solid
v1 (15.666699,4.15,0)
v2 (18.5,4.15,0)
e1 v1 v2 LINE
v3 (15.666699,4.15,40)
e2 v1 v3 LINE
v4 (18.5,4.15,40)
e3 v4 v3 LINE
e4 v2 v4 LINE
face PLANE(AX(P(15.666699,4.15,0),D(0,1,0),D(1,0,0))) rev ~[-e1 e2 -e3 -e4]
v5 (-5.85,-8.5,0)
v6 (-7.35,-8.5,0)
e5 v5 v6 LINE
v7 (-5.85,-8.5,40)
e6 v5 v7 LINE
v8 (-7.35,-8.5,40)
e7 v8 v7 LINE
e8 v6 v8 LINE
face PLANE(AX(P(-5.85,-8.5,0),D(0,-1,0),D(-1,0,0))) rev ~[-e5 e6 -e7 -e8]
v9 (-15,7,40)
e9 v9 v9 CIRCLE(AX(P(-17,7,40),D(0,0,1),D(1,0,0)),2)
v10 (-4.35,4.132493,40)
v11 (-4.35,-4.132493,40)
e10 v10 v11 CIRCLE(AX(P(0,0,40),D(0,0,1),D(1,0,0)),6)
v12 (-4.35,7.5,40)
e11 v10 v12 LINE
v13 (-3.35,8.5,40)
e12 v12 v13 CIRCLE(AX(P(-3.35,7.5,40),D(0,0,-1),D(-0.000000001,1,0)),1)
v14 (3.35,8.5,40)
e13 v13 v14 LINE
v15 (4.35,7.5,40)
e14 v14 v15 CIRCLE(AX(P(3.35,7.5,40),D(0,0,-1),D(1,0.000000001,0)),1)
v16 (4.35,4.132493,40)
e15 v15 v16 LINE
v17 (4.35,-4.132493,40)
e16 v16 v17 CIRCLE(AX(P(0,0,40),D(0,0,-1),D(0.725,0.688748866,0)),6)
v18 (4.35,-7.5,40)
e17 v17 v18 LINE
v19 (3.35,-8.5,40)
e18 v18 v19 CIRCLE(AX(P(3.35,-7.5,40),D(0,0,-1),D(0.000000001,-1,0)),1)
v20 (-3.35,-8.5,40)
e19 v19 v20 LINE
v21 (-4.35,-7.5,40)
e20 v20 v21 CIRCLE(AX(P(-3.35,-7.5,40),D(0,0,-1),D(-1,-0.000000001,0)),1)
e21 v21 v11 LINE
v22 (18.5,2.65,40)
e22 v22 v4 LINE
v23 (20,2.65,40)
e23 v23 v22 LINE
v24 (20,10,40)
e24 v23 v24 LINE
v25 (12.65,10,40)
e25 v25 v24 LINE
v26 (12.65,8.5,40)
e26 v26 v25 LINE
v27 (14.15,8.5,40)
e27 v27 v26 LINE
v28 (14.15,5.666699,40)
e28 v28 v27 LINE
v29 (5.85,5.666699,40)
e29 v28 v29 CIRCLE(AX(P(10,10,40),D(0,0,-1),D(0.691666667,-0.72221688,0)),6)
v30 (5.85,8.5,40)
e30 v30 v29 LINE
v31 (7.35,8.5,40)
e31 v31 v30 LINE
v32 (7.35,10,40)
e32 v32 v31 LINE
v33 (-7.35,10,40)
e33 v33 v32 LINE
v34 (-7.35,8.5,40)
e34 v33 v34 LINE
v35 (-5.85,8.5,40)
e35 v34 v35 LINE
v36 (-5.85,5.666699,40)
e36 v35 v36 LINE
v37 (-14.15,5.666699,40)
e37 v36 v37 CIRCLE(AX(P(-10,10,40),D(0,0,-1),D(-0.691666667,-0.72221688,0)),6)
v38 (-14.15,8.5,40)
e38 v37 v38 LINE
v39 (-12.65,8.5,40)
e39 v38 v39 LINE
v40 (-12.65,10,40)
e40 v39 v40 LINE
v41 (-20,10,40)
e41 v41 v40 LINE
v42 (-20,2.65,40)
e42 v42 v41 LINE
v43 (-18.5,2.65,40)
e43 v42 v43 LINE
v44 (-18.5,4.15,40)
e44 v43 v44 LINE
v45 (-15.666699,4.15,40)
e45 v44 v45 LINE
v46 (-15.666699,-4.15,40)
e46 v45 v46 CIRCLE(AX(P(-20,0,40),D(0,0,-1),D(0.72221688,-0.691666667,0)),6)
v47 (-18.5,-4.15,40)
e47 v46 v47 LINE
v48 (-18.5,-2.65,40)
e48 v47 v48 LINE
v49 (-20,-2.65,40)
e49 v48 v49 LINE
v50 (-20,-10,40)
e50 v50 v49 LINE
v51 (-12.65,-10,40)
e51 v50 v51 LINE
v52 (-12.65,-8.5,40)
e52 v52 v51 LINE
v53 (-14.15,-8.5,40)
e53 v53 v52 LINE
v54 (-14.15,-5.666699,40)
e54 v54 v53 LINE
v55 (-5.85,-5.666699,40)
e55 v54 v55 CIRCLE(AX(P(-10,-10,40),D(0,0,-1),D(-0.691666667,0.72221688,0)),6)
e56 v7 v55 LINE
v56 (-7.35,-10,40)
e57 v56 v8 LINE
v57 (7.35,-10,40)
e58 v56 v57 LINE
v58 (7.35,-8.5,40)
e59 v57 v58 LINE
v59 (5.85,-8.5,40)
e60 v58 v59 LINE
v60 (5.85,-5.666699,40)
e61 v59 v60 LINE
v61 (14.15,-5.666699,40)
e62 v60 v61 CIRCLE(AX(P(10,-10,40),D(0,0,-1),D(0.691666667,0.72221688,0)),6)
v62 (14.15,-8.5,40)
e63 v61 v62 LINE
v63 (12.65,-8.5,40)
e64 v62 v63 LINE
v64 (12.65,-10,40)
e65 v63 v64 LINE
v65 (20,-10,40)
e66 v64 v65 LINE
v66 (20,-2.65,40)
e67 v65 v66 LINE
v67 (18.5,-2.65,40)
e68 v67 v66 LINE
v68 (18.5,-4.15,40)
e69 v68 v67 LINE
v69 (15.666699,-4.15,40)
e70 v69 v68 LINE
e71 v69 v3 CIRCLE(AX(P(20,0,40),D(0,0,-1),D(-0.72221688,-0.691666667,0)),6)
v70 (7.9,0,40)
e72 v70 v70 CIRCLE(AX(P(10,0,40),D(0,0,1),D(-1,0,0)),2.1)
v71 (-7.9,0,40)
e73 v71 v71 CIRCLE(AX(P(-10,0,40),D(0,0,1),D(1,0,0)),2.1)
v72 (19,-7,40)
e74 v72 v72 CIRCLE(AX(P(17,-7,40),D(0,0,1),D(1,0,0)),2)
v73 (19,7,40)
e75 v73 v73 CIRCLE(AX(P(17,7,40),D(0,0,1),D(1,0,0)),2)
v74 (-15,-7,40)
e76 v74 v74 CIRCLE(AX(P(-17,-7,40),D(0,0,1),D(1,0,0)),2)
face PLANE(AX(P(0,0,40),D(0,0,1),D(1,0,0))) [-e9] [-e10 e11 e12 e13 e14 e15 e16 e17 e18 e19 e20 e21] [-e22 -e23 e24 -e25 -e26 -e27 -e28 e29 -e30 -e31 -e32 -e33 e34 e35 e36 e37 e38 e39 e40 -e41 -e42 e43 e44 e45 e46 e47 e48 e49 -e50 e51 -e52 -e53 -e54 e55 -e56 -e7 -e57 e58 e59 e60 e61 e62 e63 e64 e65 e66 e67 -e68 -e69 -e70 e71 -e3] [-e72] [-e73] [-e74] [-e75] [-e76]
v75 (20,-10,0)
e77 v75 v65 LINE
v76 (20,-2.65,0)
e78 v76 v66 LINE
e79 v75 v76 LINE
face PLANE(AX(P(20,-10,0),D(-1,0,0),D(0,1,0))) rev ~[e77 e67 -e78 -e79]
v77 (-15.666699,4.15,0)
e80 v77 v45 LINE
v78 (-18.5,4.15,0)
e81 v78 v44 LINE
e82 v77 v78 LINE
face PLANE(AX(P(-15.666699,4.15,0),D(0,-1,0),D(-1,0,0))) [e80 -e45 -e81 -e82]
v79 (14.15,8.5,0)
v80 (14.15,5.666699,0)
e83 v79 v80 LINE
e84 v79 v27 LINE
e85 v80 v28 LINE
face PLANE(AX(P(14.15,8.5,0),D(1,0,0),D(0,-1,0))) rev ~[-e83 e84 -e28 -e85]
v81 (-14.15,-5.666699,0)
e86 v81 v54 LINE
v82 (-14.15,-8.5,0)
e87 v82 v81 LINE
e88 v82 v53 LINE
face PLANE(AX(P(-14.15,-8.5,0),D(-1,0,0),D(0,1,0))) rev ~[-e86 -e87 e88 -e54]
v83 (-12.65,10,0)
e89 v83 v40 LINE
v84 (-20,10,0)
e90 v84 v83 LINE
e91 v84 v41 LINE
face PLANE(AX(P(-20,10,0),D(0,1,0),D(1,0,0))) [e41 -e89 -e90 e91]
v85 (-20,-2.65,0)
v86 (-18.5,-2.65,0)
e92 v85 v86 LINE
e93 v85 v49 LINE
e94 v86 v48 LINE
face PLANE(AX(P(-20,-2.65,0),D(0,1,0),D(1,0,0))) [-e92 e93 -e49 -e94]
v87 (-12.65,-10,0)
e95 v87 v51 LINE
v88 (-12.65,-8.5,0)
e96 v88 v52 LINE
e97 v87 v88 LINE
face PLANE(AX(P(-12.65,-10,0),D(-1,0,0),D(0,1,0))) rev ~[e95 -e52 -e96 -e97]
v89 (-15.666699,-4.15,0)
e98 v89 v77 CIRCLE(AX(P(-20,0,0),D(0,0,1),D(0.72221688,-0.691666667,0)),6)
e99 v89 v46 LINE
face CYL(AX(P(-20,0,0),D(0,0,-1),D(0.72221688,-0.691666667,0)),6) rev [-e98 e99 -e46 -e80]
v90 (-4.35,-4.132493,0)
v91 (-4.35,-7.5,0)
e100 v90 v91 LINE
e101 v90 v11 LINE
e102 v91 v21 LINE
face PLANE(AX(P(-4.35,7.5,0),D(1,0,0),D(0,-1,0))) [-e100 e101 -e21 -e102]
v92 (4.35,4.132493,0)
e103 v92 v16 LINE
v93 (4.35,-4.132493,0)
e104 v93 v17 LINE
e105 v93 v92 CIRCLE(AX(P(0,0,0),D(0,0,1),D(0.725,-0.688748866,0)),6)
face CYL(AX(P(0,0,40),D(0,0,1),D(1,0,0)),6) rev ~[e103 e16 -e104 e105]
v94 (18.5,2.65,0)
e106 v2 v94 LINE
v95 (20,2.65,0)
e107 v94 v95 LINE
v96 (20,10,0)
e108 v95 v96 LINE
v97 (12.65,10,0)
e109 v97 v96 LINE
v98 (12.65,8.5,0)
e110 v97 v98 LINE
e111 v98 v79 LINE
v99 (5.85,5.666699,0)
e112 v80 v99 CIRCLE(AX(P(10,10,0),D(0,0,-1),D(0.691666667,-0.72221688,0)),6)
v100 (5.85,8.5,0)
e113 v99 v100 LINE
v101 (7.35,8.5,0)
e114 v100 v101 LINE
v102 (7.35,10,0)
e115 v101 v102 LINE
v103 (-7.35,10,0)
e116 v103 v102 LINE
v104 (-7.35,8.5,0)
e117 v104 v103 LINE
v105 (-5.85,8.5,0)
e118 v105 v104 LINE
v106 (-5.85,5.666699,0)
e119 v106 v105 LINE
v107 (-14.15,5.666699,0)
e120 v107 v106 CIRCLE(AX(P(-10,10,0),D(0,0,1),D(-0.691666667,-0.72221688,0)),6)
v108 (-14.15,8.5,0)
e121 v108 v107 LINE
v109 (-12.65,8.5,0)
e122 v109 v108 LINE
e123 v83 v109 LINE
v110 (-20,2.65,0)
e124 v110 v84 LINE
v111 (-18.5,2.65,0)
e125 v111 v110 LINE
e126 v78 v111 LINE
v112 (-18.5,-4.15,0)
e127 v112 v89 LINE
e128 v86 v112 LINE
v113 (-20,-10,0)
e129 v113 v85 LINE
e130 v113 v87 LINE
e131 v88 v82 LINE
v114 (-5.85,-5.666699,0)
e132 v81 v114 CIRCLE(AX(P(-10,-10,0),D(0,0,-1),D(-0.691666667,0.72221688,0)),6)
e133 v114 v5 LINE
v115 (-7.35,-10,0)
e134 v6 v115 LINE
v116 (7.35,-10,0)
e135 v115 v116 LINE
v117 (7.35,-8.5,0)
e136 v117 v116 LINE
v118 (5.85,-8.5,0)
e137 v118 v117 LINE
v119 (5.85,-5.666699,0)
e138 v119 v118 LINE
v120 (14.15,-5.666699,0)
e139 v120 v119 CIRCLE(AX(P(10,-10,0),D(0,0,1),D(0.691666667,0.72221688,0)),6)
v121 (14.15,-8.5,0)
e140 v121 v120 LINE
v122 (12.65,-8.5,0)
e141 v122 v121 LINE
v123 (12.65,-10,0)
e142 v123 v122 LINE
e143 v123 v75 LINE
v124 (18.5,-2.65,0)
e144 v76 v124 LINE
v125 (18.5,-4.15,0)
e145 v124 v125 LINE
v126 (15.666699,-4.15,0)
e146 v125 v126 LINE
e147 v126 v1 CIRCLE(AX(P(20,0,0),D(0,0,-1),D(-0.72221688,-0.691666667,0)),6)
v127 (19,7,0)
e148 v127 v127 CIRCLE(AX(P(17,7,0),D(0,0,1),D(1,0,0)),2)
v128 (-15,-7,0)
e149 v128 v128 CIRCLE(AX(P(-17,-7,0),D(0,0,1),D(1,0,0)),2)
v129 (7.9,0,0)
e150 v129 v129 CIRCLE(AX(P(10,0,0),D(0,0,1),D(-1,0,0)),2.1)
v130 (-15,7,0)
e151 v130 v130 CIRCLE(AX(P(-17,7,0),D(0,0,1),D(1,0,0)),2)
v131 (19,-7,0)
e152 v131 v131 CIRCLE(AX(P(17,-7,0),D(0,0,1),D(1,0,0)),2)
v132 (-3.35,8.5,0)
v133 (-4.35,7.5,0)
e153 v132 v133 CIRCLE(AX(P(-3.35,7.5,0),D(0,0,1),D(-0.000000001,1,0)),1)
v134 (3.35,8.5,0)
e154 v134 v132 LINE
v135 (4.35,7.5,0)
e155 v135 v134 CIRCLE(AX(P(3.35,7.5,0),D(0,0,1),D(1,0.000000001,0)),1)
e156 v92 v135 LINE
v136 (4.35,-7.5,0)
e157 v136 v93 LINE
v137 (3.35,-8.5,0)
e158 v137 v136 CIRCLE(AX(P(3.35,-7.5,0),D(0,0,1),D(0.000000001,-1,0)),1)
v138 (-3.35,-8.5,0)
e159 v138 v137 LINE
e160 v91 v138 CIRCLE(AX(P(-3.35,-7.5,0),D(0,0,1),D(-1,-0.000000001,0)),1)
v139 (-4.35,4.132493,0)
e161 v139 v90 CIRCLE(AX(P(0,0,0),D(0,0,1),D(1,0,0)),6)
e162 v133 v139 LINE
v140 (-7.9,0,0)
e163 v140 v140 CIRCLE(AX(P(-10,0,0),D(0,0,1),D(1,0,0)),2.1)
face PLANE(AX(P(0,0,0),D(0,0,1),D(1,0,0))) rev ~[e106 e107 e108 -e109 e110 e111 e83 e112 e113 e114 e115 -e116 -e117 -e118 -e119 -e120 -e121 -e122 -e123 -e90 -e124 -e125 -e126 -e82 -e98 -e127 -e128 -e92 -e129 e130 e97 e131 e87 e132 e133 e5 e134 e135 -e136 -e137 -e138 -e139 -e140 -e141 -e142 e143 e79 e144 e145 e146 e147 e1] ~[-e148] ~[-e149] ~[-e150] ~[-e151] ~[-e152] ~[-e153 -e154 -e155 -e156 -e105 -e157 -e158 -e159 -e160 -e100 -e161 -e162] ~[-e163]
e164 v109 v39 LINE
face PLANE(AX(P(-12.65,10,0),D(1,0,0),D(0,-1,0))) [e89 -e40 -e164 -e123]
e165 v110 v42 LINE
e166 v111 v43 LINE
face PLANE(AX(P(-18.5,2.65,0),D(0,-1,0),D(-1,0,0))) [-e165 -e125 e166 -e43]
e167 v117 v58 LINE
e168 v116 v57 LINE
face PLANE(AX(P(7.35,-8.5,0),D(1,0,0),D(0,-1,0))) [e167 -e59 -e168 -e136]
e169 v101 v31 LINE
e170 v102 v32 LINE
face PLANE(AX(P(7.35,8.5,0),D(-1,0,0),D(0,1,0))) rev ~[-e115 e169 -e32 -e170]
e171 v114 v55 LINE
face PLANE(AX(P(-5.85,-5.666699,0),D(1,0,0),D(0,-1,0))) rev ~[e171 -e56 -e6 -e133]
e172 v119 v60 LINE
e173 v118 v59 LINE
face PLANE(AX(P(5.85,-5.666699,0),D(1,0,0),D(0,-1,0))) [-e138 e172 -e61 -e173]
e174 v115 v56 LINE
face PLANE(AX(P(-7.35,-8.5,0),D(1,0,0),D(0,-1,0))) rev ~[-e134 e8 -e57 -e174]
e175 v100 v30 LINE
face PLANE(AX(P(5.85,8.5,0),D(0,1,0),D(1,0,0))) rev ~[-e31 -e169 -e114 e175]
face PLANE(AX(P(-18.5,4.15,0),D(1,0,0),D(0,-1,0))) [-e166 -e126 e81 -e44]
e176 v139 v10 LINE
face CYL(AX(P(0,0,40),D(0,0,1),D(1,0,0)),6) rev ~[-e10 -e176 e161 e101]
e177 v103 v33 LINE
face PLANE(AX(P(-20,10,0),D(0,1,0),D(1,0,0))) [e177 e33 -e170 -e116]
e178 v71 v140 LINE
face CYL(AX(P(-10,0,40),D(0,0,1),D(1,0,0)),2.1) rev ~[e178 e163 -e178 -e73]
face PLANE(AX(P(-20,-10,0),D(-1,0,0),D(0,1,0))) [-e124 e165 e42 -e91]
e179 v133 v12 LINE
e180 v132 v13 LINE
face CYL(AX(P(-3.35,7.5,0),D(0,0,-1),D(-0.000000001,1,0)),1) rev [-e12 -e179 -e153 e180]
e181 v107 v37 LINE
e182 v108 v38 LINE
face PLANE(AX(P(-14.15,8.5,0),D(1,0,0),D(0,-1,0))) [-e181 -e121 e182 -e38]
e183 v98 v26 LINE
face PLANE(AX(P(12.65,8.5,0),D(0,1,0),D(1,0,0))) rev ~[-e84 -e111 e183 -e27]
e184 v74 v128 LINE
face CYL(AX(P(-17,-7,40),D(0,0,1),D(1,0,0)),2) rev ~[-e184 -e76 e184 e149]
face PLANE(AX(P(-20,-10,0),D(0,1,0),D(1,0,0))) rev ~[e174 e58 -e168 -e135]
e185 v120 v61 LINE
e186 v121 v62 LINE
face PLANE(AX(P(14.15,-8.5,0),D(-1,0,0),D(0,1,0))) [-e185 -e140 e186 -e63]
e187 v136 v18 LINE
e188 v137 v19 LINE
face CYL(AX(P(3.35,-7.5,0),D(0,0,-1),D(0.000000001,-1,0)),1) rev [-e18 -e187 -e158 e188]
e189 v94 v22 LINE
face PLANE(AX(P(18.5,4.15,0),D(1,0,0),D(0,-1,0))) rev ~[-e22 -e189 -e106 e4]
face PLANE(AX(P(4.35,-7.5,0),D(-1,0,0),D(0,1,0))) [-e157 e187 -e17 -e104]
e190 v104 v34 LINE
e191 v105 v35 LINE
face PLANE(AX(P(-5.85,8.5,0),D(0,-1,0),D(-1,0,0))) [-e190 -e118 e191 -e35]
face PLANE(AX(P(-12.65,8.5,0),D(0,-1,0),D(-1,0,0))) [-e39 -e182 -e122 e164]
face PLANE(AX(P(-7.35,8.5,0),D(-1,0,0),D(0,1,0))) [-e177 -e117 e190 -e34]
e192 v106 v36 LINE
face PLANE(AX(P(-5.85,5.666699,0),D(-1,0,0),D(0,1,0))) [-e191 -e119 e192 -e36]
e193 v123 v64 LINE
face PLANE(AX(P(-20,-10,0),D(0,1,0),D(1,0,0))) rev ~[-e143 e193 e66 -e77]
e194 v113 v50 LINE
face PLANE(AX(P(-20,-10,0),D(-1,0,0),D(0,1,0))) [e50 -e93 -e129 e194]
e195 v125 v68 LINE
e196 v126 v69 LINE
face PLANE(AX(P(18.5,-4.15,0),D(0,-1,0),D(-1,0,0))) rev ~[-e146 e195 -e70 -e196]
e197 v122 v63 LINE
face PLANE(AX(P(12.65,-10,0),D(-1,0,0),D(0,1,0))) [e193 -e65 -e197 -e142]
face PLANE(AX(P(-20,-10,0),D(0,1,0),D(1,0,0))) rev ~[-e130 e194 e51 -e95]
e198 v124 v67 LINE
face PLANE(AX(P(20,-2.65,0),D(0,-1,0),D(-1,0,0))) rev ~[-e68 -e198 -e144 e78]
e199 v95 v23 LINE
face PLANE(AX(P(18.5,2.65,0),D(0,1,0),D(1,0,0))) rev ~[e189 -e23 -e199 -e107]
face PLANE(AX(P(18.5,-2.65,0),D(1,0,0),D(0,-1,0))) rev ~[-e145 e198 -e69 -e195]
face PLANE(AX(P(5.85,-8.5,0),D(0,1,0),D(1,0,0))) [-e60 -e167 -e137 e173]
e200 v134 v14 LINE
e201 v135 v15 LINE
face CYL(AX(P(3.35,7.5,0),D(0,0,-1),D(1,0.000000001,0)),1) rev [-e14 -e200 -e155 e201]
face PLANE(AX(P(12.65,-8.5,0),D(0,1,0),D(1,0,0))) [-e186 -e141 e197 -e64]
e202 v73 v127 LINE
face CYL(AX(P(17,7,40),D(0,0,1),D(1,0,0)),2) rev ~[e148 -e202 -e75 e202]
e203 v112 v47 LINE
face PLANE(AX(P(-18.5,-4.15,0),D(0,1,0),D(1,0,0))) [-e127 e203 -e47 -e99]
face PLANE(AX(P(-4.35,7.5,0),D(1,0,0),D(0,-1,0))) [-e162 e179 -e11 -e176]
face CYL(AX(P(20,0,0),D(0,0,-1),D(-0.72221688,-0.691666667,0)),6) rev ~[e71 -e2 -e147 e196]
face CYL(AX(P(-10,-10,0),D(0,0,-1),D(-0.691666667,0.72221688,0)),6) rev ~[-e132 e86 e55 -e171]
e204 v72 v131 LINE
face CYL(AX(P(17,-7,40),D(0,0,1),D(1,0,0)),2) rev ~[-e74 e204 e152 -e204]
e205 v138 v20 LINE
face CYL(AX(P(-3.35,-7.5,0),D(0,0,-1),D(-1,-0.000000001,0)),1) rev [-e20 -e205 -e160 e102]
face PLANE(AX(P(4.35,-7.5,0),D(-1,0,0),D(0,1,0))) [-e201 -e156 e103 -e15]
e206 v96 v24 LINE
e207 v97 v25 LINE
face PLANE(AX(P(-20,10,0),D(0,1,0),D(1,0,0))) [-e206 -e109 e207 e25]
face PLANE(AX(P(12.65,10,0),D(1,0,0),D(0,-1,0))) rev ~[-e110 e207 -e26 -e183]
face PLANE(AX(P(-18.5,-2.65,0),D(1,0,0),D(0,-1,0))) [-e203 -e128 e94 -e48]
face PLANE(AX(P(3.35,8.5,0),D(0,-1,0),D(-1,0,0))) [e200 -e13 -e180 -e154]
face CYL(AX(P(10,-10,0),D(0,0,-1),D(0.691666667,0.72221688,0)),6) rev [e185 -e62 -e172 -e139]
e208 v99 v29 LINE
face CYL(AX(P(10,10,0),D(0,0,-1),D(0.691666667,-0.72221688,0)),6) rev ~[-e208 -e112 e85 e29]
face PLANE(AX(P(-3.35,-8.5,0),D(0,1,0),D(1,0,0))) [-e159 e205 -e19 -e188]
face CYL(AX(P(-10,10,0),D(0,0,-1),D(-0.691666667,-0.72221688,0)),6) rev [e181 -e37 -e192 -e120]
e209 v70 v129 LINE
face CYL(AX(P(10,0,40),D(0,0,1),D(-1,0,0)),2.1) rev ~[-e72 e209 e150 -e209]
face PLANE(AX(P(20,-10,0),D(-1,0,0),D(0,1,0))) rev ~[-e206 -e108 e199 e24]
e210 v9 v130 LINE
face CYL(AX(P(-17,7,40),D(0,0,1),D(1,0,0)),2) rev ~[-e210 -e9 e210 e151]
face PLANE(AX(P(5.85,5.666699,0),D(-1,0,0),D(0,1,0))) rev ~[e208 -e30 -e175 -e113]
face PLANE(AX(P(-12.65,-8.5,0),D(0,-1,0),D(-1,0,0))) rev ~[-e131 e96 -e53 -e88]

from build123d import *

# Parameters (mm, degrees)
SKETCH_1_W          = 40
SKETCH_1_H          = 20
EXTRUDE_1_DEPTH     = 40
SKETCH_2_R          = 2
SKETCH_2_R_2        = 6
SKETCH_2_R_3        = 2.1
CUT_EXTRUDE_1_DEPTH = 46.82575695
CUT_EXTRUDE_2_DEPTH = 46.82575695
CUT_EXTRUDE_3_DEPTH = 46.82575695


with BuildPart() as part:
    # 스케치1 → 보스-돌출1 (new body)
    with BuildSketch(Plane.XY):
        Rectangle(SKETCH_1_W, SKETCH_1_H)
    extrude(amount=EXTRUDE_1_DEPTH)

    # 스케치2 → 컷-돌출1 (cut, through all)
    with BuildSketch(Plane.XY.offset(40)):
        with Locations((-17, 7)):
            Circle(SKETCH_2_R)
        with Locations((-17, -7)):
            Circle(SKETCH_2_R)
        with Locations((17, -7)):
            Circle(SKETCH_2_R)
        with Locations((17, 7)):
            Circle(SKETCH_2_R)
        Circle(SKETCH_2_R_2)
        with Locations((-10, 0)):
            Circle(SKETCH_2_R_3)
        with Locations(Location((10, 0, 0), (0, 0, 180))):
            Circle(SKETCH_2_R_3)
    extrude(amount=-CUT_EXTRUDE_1_DEPTH, mode=Mode.SUBTRACT)

    # 스케치3 → 컷-돌출2 (cut, through all)
    with BuildSketch(Plane(origin=(0, 0, 0), x_dir=(-1, 0, 0), z_dir=(0, 0, -1))):
        with BuildLine():
            Line((-20, 2.65), (-20, -2.65))
            Line((-20, -2.65), (-18.5, -2.65))
            Line((-18.5, -2.65), (-18.5, -4.15))
            Line((-18.5, -4.15), (-15.666698718, -4.15))
            ThreePointArc((-15.666698718, -4.15), (-14, 0), (-15.666698718, 4.15))
            Line((-15.666698718, 4.15), (-18.5, 4.15))
            Line((-18.5, 4.15), (-18.5, 2.65))
            Line((-18.5, 2.65), (-20, 2.65))
        make_face()
        with BuildLine():
            Line((-14.15, 8.5), (-14.15, 5.666698718))
            ThreePointArc((-14.15, 5.666698718), (-10, 4), (-5.85, 5.666698718))
            Line((-5.85, 5.666698718), (-5.85, 8.5))
            Line((-5.85, 8.5), (-7.35, 8.5))
            Line((-7.35, 8.5), (-7.35, 10))
            Line((-7.35, 10), (-12.65, 10))
            Line((-12.65, 10), (-12.65, 8.5))
            Line((-12.65, 8.5), (-14.15, 8.5))
        make_face()
        with BuildLine():
            Line((-12.65, -8.5), (-14.15, -8.5))
            Line((-14.15, -8.5), (-14.15, -5.666698718))
            ThreePointArc((-14.15, -5.666698718), (-10, -4), (-5.85, -5.666698718))
            Line((-5.85, -5.666698718), (-5.85, -8.5))
            Line((-5.85, -8.5), (-7.35, -8.5))
            Line((-7.35, -8.5), (-7.35, -10))
            Line((-7.35, -10), (-12.65, -10))
            Line((-12.65, -10), (-12.65, -8.5))
        make_face()
        with BuildLine():
            Line((14.15, -8.5), (14.15, -5.666698718))
            ThreePointArc((14.15, -5.666698718), (10, -4), (5.85, -5.666698718))
            Line((5.85, -5.666698718), (5.85, -8.5))
            Line((5.85, -8.5), (7.35, -8.5))
            Line((7.35, -8.5), (7.35, -10))
            Line((7.35, -10), (12.65, -10))
            Line((12.65, -10), (12.65, -8.5))
            Line((12.65, -8.5), (14.15, -8.5))
        make_face()
        with BuildLine():
            Line((12.65, 8.5), (14.15, 8.5))
            Line((14.15, 8.5), (14.15, 5.666698718))
            ThreePointArc((14.15, 5.666698718), (10, 4), (5.85, 5.666698718))
            Line((5.85, 5.666698718), (5.85, 8.5))
            Line((5.85, 8.5), (7.35, 8.5))
            Line((7.35, 8.5), (7.35, 10))
            Line((7.35, 10), (12.65, 10))
            Line((12.65, 10), (12.65, 8.5))
        make_face()
        with BuildLine():
            Line((18.5, -4.15), (15.666698718, -4.15))
            ThreePointArc((15.666698718, -4.15), (14, 0), (15.666698718, 4.15))
            Line((15.666698718, 4.15), (18.5, 4.15))
            Line((18.5, 4.15), (18.5, 2.65))
            Line((18.5, 2.65), (20, 2.65))
            Line((20, 2.65), (20, -2.65))
            Line((20, -2.65), (18.5, -2.65))
            Line((18.5, -2.65), (18.5, -4.15))
        make_face()
    extrude(amount=-CUT_EXTRUDE_2_DEPTH, mode=Mode.SUBTRACT)

    # 스케치4 → 컷-돌출3 (cut, through all)
    with BuildSketch(Plane(origin=(0, 0, 0), x_dir=(-1, 0, 0), z_dir=(0, 0, -1))):
        with BuildLine():
            Line((-3.35, 8.5), (3.35, 8.5))
            ThreePointArc((3.35, 8.5), (4.057106781, 8.207106781), (4.35, 7.5))
            Line((4.35, 7.5), (4.35, -7.5))
            ThreePointArc((4.35, -7.5), (4.057106781, -8.207106781), (3.35, -8.5))
            Line((3.35, -8.5), (-3.35, -8.5))
            ThreePointArc((-3.35, -8.5), (-4.057106781, -8.207106781), (-4.35, -7.5))
            Line((-4.35, -7.5), (-4.35, 7.5))
            ThreePointArc((-4.35, 7.5), (-4.057106781, 8.207106781), (-3.35, 8.5))
        make_face()
    extrude(amount=-CUT_EXTRUDE_3_DEPTH, mode=Mode.SUBTRACT)


solid = part.part
